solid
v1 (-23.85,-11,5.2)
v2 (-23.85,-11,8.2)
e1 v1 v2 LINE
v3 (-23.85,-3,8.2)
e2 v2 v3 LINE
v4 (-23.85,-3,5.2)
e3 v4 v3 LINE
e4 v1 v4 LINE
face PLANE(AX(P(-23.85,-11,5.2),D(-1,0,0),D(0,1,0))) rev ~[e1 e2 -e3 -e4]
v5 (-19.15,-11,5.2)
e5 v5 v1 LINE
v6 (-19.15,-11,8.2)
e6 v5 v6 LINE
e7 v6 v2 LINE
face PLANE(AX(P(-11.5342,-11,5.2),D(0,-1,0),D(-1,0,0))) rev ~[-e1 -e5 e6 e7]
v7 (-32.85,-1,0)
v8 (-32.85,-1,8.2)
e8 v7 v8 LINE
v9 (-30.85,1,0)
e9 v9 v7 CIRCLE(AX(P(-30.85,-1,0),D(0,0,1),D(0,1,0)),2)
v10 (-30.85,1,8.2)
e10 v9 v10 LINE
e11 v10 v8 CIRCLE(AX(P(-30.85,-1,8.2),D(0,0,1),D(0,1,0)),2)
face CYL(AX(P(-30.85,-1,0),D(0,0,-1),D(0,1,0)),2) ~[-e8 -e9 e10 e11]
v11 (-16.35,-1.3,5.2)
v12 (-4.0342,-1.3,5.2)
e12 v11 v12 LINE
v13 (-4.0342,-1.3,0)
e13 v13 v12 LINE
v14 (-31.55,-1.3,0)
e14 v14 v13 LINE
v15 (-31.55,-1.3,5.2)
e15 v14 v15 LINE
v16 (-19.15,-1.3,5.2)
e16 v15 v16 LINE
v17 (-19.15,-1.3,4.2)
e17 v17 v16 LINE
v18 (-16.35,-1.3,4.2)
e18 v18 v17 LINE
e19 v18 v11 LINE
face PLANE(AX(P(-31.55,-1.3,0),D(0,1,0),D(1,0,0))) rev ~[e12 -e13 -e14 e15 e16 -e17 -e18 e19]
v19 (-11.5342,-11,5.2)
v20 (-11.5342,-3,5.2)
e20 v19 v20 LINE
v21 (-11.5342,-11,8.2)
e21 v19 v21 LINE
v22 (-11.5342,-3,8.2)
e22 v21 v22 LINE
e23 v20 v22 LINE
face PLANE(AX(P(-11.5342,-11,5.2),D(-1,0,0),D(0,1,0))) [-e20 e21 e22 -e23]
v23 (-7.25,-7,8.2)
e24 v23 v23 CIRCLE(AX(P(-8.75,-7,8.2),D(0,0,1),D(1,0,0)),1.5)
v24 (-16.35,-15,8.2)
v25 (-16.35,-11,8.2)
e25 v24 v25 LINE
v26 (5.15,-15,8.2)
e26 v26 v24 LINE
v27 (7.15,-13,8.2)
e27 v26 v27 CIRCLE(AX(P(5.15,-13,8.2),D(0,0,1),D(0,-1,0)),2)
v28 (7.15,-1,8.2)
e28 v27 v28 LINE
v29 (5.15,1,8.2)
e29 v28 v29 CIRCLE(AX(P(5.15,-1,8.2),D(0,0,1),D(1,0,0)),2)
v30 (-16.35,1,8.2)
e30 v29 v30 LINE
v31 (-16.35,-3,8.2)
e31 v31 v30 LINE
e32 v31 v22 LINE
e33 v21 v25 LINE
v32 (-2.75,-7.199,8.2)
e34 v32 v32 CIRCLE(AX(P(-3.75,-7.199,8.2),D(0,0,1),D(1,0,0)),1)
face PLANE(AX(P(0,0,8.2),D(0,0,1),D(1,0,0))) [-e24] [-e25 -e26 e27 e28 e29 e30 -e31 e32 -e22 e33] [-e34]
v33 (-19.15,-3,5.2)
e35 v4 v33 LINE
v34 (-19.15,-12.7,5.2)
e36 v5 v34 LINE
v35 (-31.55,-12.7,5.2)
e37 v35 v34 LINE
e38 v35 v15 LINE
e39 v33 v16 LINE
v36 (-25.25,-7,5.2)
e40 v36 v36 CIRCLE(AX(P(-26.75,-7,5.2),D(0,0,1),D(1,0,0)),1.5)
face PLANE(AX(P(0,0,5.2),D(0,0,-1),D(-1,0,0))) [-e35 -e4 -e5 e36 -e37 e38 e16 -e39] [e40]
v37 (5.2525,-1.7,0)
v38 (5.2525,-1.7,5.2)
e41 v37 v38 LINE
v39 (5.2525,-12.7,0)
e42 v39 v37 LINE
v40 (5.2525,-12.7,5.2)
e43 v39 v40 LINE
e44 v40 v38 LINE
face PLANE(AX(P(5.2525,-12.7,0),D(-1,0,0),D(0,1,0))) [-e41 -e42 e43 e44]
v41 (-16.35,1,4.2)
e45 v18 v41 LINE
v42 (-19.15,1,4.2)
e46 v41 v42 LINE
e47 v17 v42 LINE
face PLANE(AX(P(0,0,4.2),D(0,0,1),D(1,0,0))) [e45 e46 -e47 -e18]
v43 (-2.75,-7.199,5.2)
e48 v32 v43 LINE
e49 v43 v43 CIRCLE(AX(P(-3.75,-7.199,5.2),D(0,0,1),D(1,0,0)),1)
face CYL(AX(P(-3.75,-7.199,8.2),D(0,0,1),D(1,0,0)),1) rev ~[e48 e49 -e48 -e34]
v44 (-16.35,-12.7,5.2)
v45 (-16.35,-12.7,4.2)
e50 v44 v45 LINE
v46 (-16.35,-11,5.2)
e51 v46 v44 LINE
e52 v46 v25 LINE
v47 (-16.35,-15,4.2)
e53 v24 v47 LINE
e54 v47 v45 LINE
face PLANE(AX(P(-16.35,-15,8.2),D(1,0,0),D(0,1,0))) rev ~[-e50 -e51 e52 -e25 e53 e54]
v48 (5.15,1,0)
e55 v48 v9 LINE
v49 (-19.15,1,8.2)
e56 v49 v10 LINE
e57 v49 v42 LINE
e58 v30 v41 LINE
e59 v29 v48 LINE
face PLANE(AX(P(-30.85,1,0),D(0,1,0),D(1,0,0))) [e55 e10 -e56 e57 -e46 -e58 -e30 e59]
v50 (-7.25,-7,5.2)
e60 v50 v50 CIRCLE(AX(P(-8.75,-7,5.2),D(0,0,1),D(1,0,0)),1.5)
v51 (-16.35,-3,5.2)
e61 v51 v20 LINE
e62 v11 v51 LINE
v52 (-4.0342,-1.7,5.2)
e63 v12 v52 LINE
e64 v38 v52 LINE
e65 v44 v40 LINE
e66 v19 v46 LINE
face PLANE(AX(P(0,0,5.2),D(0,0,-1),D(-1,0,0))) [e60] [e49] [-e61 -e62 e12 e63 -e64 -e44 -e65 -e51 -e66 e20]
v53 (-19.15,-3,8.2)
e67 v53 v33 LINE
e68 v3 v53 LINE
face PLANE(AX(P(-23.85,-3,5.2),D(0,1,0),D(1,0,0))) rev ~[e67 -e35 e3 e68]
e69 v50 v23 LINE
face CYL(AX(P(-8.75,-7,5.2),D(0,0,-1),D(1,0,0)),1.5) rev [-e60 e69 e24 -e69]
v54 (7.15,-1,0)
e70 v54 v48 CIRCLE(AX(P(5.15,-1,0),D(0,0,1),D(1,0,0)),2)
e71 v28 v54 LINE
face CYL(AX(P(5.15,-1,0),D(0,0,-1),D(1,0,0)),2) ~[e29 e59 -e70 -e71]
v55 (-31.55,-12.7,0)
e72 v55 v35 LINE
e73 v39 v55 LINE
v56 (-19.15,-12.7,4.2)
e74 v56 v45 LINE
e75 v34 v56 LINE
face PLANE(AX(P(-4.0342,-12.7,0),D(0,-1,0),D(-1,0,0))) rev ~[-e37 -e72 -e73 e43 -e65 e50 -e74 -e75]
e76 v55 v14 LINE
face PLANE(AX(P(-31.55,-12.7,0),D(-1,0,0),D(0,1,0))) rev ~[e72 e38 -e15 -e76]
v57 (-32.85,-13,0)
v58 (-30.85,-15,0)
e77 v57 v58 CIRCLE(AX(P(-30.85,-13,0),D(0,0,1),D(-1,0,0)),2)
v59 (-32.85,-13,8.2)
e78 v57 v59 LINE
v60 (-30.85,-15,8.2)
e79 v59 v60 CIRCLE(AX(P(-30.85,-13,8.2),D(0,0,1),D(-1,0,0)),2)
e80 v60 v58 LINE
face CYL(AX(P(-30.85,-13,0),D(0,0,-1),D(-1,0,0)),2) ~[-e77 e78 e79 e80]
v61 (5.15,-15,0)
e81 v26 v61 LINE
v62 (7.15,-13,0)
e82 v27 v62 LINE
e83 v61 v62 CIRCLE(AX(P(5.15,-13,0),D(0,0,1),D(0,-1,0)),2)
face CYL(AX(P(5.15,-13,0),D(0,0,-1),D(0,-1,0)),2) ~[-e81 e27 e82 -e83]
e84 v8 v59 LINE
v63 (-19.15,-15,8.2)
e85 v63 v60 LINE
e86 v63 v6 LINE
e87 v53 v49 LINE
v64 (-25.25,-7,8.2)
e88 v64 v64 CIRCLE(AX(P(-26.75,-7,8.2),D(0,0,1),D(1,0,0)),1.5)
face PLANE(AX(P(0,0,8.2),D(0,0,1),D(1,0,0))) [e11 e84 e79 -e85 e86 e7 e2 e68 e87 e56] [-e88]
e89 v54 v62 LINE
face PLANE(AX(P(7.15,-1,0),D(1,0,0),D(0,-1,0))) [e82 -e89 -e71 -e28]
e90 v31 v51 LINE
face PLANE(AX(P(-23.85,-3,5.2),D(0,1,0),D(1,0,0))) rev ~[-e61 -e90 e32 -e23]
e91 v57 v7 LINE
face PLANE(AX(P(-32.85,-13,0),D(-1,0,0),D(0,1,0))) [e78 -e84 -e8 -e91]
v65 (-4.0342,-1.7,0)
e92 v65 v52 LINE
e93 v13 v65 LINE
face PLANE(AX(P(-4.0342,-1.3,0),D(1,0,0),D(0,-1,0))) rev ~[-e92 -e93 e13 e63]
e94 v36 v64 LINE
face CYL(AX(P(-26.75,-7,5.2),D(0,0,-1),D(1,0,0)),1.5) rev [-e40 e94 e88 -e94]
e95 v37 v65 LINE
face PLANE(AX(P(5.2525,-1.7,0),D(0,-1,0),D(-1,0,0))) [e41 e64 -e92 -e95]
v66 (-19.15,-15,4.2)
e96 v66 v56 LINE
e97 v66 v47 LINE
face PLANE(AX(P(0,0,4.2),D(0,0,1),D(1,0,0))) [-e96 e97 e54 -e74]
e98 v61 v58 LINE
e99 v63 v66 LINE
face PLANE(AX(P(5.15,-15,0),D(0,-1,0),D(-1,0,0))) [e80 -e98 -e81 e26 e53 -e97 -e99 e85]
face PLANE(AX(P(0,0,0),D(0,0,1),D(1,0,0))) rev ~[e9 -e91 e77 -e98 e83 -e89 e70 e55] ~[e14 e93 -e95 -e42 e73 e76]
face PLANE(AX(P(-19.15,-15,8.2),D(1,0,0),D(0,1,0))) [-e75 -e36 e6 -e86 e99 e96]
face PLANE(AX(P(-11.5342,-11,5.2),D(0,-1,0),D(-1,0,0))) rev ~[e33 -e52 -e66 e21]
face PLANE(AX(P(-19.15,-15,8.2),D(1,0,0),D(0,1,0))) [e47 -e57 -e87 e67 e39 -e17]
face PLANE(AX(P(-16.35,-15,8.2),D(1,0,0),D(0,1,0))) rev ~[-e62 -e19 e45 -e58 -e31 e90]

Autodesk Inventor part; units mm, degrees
ref_plane "YZ Plane" through (0, 0, 0) normal (1, 0, 0) x (0, 1, 0)
ref_plane "XZ Plane" through (0, 0, 0) normal (0, 1, 0) x (-1, 0, 0)
ref_plane "Work Plane1" through (0, 0, 0) normal (0, 0, 1) x (1, 0, 0)
sketch "Sketch1" plane through (0, 0, 0) normal (0, 0, 1) x (1, 0, 0)
  circle A0 centre (-17.75, 4.5) radius 1.5 projected
  arc A1 (-25.75, 8) -> (-27.75, 6) centre (-25.75, 6) ccw projected
  line L0 (-27.75, 3) -> (-27.75, 6) projected
  line L1 (-30.85, 1) -> (-29.75, 1)
  arc A2 (-30.85, 1) -> (-32.85, -1) centre (-30.85, -1) ccw projected
  line L2 (-32.85, -13) -> (-32.85, -1) projected
  arc A3 (-32.85, -13) -> (-30.85, -15) centre (-30.85, -13) ccw projected
  line L3 (5.15, -15) -> (-30.85, -15) projected
  arc A4 (5.15, -15) -> (7.15, -13) centre (5.15, -13) ccw projected
  line L4 (7.15, -1) -> (7.15, -13) projected
  arc A5 (7.15, -1) -> (5.15, 1) centre (5.15, -1) ccw projected
  line L5 (-30.85, 1) -> (5.15, 1)
  line L6 (-7.75, 3) -> (-7.75, 6) projected
  arc A6 (-7.75, 6) -> (-9.75, 8) centre (-9.75, 6) ccw projected
  line L7 (-25.75, 8) -> (-9.75, 8) projected
  circle A7 centre (-8.75, -7) radius 1.5 projected
  circle A8 centre (-26.75, -7) radius 1.5 projected
  line L8 (-30.85, -12) -> (-5.5342, -12)
  line L9 (-30.85, -2) -> (-30.85, -12)
  line L10 (-5.5342, -2) -> (-5.5342, -12)
  line L11 (-5.5342, -2) -> (-30.85, -2)
  line L12 (-11.5342, -2) -> (-11.5342, -12)
  line L13 (-23.85, -2) -> (-23.85, -12)
  point P0 (0, 0)
  dimension "d2" = 6
  dimension "d3" = 12.6842
  dimension "d4" = 2
  dimension "d5" = 7
extrude "Extrusion4" add sketch "Sketch1" along normal blind 5.2 contours L1 L5 A5 L4 A4 L3 A3 L2 A2
sketch "Sketch5" plane through (0, 0, 5.2) normal (0, 0, 1) x (1, 0, 0)
  line L0 (-30.85, -3) -> (-23.85, -3)
  line L1 (-5.5342, -3) -> (-5.5342, -11)
  line L2 (-5.5342, -11) -> (-11.5342, -11)
  line L3 (-30.85, -11) -> (-30.85, -3)
  arc A0 (-30.85, 1) -> (-32.85, -1) centre (-30.85, -1) ccw projected
  line L4 (-32.85, -1) -> (-32.85, -13) projected
  arc A1 (-32.85, -13) -> (-30.85, -15) centre (-30.85, -13) ccw projected
  line L5 (-30.85, -15) -> (5.15, -15) projected
  arc A2 (5.15, -15) -> (7.15, -13) centre (5.15, -13) ccw projected
  line L6 (7.15, -13) -> (7.15, -1) projected
  arc A3 (7.15, -1) -> (5.15, 1) centre (5.15, -1) ccw projected
  line L7 (5.15, 1) -> (-30.85, 1) projected
  line L8 (-11.5342, -15) -> (-11.5342, 1)
  line L9 (-23.85, -15) -> (-23.85, 1)
  circle A4 centre (-8.75, -7) radius 1.5 projected
  circle A5 centre (-26.75, -7) radius 1.5 projected
  line L10 (-11.5342, -3) -> (-5.5342, -3)
  line L11 (-23.85, -3) -> (-11.5342, -3)
  line L12 (-11.5342, -11) -> (-23.85, -11)
  line L13 (-23.85, -11) -> (-30.85, -11)
  point P0 (0, 0)
  point P1 (-11.5342, -14)
  point P2 (-11.5342, 2)
  point P3 (-23.85, -14)
  point P4 (-23.85, 2)
  dimension "d16" = 6
  dimension "d17" = 7
  dimension "d22" = 4
  dimension "d23" = 4
extrude "Extrusion5" add sketch "Sketch5" along normal blind 3 contours L3 L13 L9 L5 A1 L4 A0 L7 L0 | L0 L9 L13 L3 | L9 L7 L8 L11 | L12 L8 L5 L9 | L10 L1 L2 L8 | L8 L7 A3 L6 A2 L5 L2 L1 L10
sketch "Sketch6" plane through (0, 0, 8.2) normal (0, 0, 1) x (1, 0, 0)
  line L0 (-16.35, -15) -> (-16.35, 1)
  line L1 (-19.15, -15) -> (-19.15, 1)
  line L2 (5.15, 1) -> (-30.85, 1)
  line L3 (-30.85, -15) -> (5.15, -15)
  point P0 (0, 0)
extrude "Extrusion6" cut sketch "Sketch6" against normal blind 4
sketch "Sketch7" plane through (0, 0, 0) normal (0, 0, -1) x (-1, 0, 0)
  line L0 (5.5342, -2) -> (30.85, -2) projected
  line L1 (30.85, -2) -> (30.85, -12) projected
  line L2 (30.85, -12) -> (5.5342, -12) projected
  line L3 (5.5342, -12) -> (5.5342, -2) projected
  line L4 (4.0342, -12.7) -> (31.55, -12.7)
  line L5 (31.55, -12.7) -> (31.55, -1.3)
  line L6 (31.55, -1.3) -> (4.0342, -1.3)
  line L7 (4.0342, -1.3) -> (4.0342, -12.7)
  line L8 (4.0342, -12.7) -> (-5.2525, -12.7)
  line L9 (-5.2525, -12.7) -> (-5.2525, -1.7)
  line L10 (-5.2525, -1.7) -> (4.0342, -1.7)
  line L11 (4.0342, -1.7) -> (4.0342, -12.7)
  point P0 (0, 0)
  dimension "d24" = 0.7
  dimension "d31" = 1.5
extrude "Extrusion7" cut sketch "Sketch7" against normal blind 5.2
sketch "Sketch8" plane through (0, 0, 8.2) normal (0, 0, 1) x (1, 0, 0)
  circle A0 centre (-3.75, -7.199) radius 1
  circle A1 centre (-8.75, -7) radius 1.5 projected
  point P0 (0, 0)
  dimension "d27" = 2
  dimension "d28" = 5
extrude "Extrusion8" cut sketch "Sketch8" against normal through all contours A0
properties part number "optical endstop top"
